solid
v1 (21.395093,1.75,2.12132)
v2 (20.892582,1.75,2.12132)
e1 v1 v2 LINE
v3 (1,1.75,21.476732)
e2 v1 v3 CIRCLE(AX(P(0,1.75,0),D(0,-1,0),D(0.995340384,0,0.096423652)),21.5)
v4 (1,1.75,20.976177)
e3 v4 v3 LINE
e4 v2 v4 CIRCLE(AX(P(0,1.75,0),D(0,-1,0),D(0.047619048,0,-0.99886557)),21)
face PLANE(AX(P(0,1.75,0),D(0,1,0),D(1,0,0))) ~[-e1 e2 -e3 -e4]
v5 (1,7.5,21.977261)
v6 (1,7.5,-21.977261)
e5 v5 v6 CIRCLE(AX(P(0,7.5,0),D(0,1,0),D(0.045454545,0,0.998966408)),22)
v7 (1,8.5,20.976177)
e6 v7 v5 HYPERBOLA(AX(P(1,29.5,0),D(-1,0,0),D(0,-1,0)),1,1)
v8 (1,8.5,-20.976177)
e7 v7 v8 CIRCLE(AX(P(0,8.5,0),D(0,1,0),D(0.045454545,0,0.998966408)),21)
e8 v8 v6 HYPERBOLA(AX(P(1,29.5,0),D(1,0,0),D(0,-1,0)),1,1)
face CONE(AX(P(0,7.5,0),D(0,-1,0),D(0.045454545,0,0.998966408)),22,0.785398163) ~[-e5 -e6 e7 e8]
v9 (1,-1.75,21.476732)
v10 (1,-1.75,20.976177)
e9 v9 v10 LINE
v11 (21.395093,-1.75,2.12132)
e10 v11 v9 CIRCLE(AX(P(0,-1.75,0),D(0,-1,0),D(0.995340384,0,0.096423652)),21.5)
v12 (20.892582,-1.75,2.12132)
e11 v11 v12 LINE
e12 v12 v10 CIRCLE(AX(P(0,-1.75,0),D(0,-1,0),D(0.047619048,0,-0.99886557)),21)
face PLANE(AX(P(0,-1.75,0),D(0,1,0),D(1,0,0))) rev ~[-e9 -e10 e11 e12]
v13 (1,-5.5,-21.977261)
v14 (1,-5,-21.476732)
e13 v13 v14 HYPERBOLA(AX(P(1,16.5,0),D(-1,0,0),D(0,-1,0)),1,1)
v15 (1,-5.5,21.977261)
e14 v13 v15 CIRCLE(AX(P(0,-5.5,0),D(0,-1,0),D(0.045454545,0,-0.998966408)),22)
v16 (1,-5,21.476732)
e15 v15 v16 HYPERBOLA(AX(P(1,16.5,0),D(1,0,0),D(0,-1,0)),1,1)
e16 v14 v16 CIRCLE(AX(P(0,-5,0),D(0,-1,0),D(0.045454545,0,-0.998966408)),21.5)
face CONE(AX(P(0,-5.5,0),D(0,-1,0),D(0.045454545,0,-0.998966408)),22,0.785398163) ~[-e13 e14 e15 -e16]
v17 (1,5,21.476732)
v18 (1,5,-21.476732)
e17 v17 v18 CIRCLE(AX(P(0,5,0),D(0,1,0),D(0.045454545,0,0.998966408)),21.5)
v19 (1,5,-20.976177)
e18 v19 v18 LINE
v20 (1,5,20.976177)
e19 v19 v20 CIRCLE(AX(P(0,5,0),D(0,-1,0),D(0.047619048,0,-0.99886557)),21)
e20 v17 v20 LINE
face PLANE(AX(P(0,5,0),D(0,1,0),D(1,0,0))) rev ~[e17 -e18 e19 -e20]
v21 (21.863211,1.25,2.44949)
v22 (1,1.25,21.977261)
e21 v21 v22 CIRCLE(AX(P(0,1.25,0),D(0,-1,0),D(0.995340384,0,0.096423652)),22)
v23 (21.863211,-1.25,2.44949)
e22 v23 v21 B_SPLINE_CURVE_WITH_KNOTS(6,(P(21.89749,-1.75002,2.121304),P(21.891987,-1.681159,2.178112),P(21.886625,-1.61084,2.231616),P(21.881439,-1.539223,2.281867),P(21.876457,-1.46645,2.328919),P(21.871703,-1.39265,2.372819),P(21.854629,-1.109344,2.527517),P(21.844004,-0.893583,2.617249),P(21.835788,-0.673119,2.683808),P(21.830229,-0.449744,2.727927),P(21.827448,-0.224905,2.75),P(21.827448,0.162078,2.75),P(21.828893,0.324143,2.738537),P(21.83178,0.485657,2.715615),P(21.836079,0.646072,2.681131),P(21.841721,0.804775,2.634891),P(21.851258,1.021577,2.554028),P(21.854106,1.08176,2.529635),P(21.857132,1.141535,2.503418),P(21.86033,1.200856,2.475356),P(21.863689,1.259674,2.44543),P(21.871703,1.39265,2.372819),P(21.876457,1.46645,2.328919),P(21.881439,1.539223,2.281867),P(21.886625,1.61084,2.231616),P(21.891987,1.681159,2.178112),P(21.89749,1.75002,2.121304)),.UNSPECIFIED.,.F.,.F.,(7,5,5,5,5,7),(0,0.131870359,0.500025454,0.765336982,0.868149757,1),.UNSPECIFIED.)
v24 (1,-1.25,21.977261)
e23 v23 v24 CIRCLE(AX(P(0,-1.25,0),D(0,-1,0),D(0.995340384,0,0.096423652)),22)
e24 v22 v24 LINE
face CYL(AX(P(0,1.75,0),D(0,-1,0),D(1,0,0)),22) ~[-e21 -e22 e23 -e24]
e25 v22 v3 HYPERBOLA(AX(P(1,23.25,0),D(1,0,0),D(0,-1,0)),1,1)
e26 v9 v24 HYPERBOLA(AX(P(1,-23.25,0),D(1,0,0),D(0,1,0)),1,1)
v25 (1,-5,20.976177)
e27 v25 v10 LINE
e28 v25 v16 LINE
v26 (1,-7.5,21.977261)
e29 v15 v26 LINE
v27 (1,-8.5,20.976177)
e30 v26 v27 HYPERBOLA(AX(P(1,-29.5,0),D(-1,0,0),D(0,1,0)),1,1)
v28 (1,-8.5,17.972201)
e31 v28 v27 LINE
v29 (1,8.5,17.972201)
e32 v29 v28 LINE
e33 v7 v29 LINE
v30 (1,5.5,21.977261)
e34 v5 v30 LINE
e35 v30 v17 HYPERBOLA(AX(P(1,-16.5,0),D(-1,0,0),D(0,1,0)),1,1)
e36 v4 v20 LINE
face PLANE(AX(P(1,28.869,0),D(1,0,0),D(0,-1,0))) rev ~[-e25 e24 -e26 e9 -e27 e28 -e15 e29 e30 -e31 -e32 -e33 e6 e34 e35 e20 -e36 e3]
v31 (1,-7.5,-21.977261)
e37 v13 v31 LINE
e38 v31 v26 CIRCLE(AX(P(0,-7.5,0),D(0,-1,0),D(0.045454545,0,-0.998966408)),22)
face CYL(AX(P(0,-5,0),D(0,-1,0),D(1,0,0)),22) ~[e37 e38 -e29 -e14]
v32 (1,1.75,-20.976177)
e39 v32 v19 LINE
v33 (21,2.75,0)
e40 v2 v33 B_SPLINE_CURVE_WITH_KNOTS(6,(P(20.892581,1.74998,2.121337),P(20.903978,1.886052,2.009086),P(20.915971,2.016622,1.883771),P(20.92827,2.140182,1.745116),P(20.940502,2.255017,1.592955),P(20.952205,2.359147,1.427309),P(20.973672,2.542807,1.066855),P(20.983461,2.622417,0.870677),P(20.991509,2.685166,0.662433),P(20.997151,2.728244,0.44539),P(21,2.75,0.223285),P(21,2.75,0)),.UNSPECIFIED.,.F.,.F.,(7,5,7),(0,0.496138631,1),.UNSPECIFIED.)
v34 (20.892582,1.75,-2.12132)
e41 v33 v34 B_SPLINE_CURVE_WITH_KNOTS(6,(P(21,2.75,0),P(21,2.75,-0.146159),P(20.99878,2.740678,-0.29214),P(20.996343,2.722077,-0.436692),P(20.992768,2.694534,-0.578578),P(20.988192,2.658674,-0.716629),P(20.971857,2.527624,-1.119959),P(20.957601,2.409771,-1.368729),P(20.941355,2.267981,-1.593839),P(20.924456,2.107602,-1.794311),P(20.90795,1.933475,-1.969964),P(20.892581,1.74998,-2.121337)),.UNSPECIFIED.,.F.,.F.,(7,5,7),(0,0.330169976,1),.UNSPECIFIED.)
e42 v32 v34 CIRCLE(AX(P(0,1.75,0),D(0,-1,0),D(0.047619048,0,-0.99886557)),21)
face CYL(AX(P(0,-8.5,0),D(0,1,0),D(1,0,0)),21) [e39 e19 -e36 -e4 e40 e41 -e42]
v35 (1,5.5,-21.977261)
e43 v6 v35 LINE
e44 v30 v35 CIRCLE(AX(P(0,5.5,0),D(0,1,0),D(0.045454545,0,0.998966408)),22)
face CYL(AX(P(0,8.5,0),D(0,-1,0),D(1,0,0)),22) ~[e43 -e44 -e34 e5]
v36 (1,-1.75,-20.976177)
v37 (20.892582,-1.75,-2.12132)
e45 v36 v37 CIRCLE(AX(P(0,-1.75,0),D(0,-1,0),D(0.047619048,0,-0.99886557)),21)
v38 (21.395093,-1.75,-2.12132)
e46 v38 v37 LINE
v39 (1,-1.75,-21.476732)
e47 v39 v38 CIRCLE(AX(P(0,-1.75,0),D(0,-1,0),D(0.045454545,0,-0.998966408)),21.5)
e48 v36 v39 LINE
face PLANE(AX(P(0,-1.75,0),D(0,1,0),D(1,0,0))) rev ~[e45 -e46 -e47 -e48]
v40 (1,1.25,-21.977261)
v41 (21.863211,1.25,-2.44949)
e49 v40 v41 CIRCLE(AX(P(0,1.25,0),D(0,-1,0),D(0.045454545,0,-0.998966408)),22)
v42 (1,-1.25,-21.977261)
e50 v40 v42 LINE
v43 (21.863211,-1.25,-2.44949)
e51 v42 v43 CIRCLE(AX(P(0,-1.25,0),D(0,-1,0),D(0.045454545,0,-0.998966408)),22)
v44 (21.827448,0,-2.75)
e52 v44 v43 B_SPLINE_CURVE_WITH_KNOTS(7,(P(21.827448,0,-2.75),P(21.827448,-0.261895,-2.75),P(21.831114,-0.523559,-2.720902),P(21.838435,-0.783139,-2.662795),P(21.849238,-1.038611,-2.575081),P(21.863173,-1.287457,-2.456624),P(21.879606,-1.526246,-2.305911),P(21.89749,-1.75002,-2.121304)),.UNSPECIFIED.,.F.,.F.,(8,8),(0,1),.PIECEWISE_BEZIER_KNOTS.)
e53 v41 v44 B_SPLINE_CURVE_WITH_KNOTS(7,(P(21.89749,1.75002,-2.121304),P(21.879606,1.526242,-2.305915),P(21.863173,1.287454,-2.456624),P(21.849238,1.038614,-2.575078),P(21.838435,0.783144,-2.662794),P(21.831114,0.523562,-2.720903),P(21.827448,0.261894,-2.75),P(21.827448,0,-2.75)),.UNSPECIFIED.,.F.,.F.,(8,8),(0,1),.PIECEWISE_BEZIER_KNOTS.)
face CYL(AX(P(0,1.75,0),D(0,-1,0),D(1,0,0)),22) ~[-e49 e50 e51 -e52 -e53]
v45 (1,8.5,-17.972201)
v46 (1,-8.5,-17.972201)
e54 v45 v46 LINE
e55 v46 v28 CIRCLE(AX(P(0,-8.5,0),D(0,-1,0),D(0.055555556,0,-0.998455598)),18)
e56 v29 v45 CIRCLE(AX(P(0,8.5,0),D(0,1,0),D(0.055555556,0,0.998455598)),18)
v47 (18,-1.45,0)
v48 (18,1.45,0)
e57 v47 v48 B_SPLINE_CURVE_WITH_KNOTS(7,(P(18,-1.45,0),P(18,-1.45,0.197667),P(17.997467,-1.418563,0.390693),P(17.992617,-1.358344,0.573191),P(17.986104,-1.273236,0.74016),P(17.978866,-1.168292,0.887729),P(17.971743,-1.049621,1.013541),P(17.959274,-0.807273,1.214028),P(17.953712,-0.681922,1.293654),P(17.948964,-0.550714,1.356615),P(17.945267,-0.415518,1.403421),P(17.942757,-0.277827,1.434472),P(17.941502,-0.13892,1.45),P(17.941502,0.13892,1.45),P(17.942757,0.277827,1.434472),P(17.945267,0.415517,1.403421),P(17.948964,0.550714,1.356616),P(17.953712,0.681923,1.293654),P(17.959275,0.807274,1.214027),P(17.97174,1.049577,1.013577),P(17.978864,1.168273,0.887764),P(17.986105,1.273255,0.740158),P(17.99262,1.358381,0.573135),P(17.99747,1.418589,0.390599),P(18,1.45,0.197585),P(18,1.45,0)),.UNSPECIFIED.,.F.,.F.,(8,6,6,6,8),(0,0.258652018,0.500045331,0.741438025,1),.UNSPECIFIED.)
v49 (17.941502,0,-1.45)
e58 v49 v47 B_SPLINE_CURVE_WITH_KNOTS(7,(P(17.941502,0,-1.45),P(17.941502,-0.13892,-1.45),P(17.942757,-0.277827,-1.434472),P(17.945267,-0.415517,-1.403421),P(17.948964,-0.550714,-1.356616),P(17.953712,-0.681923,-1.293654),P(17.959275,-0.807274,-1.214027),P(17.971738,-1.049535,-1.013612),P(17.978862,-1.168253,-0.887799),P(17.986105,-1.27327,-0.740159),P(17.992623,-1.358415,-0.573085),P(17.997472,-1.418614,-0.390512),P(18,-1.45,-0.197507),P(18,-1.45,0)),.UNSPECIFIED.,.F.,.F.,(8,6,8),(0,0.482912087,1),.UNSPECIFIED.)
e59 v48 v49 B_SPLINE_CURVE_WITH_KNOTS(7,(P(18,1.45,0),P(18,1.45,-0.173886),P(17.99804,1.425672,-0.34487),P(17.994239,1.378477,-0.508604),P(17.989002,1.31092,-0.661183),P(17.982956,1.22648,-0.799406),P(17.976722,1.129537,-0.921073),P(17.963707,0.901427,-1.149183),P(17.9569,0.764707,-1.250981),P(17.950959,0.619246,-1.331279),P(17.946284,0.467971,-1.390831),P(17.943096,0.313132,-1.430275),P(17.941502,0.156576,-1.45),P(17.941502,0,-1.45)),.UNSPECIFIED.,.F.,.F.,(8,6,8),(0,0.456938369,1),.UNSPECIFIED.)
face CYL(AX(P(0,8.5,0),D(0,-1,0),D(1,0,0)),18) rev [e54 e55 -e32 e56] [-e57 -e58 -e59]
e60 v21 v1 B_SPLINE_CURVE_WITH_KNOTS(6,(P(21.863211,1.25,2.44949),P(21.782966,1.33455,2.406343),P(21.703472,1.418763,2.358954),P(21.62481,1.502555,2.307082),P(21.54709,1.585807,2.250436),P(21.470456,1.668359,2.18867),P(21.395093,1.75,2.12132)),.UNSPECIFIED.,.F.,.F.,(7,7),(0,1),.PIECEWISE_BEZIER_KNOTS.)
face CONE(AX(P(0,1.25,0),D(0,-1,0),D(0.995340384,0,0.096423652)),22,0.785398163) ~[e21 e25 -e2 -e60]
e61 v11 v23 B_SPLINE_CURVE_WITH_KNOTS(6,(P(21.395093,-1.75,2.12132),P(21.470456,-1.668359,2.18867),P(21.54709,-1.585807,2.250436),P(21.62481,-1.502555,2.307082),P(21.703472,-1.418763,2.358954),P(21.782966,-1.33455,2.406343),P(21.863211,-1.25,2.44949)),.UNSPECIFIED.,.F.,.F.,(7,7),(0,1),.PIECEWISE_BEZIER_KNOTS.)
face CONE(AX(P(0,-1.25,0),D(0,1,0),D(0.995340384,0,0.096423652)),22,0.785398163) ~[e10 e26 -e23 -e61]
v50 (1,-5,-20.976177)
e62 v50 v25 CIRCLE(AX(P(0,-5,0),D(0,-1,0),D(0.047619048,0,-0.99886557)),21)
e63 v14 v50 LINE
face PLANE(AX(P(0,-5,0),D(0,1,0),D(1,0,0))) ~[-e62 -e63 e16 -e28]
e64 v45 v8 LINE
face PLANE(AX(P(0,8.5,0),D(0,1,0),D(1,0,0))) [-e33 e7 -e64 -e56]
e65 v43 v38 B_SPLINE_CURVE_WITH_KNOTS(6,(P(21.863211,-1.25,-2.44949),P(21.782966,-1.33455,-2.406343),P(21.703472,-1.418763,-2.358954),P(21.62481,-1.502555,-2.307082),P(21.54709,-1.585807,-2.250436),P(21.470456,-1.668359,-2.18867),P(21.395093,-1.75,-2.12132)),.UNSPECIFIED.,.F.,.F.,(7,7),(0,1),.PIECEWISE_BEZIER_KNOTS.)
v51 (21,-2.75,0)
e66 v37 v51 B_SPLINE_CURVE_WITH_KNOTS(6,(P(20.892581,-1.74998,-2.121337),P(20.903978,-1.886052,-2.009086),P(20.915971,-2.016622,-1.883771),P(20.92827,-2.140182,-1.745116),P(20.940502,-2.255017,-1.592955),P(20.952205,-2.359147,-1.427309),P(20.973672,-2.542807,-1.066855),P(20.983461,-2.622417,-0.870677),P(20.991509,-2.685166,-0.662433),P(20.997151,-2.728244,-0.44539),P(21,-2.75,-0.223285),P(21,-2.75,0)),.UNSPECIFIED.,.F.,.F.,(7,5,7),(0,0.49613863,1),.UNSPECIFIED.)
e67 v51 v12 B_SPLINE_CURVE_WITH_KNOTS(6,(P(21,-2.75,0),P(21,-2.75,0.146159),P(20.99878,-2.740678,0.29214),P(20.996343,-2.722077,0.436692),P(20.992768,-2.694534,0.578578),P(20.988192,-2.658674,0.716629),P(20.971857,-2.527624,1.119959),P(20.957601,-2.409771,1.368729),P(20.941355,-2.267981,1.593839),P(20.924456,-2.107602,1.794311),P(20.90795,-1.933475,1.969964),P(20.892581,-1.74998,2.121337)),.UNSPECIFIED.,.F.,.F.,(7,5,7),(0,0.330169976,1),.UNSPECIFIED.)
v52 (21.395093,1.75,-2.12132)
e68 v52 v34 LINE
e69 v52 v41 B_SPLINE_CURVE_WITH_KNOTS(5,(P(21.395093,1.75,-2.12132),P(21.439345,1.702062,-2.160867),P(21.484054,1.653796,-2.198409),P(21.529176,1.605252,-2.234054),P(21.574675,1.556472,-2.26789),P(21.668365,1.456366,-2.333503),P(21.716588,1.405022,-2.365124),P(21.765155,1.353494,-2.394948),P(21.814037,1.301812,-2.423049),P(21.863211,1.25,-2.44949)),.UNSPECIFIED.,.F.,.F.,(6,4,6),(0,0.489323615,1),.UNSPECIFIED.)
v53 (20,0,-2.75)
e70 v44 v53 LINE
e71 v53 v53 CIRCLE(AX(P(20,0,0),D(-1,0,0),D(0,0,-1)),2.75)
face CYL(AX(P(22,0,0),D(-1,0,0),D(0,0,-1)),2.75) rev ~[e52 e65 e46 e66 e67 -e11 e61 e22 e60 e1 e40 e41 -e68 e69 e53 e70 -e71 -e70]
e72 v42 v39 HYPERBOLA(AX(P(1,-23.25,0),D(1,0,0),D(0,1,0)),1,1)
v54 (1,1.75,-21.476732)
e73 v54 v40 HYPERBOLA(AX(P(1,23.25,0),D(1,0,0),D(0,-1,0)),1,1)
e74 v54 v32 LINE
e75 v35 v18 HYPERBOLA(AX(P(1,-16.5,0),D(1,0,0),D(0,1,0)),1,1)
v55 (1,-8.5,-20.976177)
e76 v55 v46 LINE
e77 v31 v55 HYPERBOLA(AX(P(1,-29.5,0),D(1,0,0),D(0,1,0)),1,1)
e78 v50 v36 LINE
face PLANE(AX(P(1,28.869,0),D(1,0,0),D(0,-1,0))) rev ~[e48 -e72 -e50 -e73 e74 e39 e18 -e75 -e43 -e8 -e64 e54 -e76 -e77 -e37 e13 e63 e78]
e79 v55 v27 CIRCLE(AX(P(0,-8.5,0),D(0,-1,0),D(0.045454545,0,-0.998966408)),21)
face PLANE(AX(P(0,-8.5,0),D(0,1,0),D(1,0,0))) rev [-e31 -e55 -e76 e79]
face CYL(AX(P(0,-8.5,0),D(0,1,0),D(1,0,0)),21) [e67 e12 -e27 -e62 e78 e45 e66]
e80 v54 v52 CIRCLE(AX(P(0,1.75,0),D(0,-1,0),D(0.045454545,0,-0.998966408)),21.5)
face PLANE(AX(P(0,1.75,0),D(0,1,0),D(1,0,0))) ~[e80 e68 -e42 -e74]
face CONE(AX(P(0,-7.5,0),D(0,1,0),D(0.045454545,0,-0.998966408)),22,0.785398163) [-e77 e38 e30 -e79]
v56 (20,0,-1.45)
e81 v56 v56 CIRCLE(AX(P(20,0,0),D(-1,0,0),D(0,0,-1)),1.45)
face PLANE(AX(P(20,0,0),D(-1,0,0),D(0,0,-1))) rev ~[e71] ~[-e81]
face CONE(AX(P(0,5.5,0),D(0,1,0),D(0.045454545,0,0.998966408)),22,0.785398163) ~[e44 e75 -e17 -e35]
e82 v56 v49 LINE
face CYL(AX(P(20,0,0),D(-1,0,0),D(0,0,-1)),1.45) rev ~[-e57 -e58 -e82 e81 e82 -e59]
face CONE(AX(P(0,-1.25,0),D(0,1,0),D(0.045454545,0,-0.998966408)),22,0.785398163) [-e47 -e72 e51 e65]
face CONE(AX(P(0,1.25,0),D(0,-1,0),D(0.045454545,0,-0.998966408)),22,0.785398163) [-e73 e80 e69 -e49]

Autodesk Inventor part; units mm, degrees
ref_plane "XZ Plane" through (0, 0, 0) normal (0, 1, 0) x (-1, 0, 0)
ref_plane "XY Plane" through (0, 0, 0) normal (0, 0, 1) x (1, 0, 0)
sketch "Sketch1" plane through (0, 0, 0) normal (0, 0, 1) x (1, 0, 0)
  line L0 (18, -8.5) -> (21, -8.5)
  line L1 (21, -8.5) -> (21, 8.5)
  line L2 (21, 8.5) -> (18, 8.5)
  line L3 (18, 8.5) -> (18, -8.5)
  line L4 (18, -8.5) -> (21, 8.5) construction
  line L5 (21, -8.5) -> (18, 8.5) construction
  line L6 (21, 8.5) -> (22, 8.5)
  line L7 (22, 8.5) -> (22, 5)
  line L8 (22, 5) -> (21, 5)
  line L9 (21, 5) -> (21, 8.5)
  line L10 (21, 1.75) -> (22, 1.75)
  line L11 (22, 1.75) -> (22, -1.75)
  line L12 (22, -1.75) -> (21, -1.75)
  line L13 (21, -1.75) -> (21, 1.75)
  line L14 (21, -5) -> (22, -5)
  line L15 (22, -5) -> (22, -8.5)
  line L16 (22, -8.5) -> (21, -8.5)
  line L17 (21, -8.5) -> (21, -5)
  line L18 (-4.4, 0) -> (26.4, 0) projected
  line L19 (0, -11.9) -> (0, 11.9) projected
  point P0 (0, 0)
  point P1 (19.5, 0)
  point P2 (19.5, 0)
  dimension "d2" = 1
  dimension "d3" = 3.5
  dimension "d4" = 8.5
  dimension "d22" = 17
  dimension "d23" = 36
  dimension "d24" = 42
revolve "Revolution1" add sketch "Sketch1" angle 360 about axis through (0, -10, 0) along (0, 1, 0)
sketch "Sketch2" plane through (0, 0, 0) normal (0, 0, 1) x (1, 0, 0)
  line L0 (1, -27.8544) -> (-32.6044, -27.8544)
  line L1 (-32.6044, -27.8544) -> (-32.6044, 28.869)
  line L2 (-32.6044, 28.869) -> (1, 28.869)
  line L3 (1, 28.869) -> (1, -27.8544)
  line L4 (0, -39.1991) -> (0, 40.2136) projected
  point P0 (0, 0)
  dimension "d8" = 1
extrude "Extrusion1" cut sketch "Sketch2" along normal through all both and the other way through all
ref_plane "Work Plane1" through (22, 0, 0) normal (1, 0, 0) x (0, 1, 0)
sketch "Sketch3" plane through (22, 0, 0) normal (1, 0, 0) x (0, 1, 0)
  point P0 (0, 0)
  point P1 (0, 0)
hole "Hole1" at (22, 0, 0) direction (-1, 0, 0) diameter 2.9 depth 5 counterbore diameter 5.5 counterbore depth 2 clearance for "Socket Head Cap Screw DIN EN ISO 4762" size "M2.5" standard "DIN"
chamfer "Chamfer1" distance 0.5 angle 45 6 edges at (15.1538, -1.75, 15.9487) (15.1538, -1.75, -15.9487) (15.1538, 1.75, 15.9487) (15.1538, 1.75, -15.9487) (22, 5, 0) (22, -5, 0)
chamfer "Chamfer2" distance 1 angle 45 2 edges at (22, 8.5, 0) (22, -8.5, 0)
properties part number "Test_Decal_Ring_Tripple"
